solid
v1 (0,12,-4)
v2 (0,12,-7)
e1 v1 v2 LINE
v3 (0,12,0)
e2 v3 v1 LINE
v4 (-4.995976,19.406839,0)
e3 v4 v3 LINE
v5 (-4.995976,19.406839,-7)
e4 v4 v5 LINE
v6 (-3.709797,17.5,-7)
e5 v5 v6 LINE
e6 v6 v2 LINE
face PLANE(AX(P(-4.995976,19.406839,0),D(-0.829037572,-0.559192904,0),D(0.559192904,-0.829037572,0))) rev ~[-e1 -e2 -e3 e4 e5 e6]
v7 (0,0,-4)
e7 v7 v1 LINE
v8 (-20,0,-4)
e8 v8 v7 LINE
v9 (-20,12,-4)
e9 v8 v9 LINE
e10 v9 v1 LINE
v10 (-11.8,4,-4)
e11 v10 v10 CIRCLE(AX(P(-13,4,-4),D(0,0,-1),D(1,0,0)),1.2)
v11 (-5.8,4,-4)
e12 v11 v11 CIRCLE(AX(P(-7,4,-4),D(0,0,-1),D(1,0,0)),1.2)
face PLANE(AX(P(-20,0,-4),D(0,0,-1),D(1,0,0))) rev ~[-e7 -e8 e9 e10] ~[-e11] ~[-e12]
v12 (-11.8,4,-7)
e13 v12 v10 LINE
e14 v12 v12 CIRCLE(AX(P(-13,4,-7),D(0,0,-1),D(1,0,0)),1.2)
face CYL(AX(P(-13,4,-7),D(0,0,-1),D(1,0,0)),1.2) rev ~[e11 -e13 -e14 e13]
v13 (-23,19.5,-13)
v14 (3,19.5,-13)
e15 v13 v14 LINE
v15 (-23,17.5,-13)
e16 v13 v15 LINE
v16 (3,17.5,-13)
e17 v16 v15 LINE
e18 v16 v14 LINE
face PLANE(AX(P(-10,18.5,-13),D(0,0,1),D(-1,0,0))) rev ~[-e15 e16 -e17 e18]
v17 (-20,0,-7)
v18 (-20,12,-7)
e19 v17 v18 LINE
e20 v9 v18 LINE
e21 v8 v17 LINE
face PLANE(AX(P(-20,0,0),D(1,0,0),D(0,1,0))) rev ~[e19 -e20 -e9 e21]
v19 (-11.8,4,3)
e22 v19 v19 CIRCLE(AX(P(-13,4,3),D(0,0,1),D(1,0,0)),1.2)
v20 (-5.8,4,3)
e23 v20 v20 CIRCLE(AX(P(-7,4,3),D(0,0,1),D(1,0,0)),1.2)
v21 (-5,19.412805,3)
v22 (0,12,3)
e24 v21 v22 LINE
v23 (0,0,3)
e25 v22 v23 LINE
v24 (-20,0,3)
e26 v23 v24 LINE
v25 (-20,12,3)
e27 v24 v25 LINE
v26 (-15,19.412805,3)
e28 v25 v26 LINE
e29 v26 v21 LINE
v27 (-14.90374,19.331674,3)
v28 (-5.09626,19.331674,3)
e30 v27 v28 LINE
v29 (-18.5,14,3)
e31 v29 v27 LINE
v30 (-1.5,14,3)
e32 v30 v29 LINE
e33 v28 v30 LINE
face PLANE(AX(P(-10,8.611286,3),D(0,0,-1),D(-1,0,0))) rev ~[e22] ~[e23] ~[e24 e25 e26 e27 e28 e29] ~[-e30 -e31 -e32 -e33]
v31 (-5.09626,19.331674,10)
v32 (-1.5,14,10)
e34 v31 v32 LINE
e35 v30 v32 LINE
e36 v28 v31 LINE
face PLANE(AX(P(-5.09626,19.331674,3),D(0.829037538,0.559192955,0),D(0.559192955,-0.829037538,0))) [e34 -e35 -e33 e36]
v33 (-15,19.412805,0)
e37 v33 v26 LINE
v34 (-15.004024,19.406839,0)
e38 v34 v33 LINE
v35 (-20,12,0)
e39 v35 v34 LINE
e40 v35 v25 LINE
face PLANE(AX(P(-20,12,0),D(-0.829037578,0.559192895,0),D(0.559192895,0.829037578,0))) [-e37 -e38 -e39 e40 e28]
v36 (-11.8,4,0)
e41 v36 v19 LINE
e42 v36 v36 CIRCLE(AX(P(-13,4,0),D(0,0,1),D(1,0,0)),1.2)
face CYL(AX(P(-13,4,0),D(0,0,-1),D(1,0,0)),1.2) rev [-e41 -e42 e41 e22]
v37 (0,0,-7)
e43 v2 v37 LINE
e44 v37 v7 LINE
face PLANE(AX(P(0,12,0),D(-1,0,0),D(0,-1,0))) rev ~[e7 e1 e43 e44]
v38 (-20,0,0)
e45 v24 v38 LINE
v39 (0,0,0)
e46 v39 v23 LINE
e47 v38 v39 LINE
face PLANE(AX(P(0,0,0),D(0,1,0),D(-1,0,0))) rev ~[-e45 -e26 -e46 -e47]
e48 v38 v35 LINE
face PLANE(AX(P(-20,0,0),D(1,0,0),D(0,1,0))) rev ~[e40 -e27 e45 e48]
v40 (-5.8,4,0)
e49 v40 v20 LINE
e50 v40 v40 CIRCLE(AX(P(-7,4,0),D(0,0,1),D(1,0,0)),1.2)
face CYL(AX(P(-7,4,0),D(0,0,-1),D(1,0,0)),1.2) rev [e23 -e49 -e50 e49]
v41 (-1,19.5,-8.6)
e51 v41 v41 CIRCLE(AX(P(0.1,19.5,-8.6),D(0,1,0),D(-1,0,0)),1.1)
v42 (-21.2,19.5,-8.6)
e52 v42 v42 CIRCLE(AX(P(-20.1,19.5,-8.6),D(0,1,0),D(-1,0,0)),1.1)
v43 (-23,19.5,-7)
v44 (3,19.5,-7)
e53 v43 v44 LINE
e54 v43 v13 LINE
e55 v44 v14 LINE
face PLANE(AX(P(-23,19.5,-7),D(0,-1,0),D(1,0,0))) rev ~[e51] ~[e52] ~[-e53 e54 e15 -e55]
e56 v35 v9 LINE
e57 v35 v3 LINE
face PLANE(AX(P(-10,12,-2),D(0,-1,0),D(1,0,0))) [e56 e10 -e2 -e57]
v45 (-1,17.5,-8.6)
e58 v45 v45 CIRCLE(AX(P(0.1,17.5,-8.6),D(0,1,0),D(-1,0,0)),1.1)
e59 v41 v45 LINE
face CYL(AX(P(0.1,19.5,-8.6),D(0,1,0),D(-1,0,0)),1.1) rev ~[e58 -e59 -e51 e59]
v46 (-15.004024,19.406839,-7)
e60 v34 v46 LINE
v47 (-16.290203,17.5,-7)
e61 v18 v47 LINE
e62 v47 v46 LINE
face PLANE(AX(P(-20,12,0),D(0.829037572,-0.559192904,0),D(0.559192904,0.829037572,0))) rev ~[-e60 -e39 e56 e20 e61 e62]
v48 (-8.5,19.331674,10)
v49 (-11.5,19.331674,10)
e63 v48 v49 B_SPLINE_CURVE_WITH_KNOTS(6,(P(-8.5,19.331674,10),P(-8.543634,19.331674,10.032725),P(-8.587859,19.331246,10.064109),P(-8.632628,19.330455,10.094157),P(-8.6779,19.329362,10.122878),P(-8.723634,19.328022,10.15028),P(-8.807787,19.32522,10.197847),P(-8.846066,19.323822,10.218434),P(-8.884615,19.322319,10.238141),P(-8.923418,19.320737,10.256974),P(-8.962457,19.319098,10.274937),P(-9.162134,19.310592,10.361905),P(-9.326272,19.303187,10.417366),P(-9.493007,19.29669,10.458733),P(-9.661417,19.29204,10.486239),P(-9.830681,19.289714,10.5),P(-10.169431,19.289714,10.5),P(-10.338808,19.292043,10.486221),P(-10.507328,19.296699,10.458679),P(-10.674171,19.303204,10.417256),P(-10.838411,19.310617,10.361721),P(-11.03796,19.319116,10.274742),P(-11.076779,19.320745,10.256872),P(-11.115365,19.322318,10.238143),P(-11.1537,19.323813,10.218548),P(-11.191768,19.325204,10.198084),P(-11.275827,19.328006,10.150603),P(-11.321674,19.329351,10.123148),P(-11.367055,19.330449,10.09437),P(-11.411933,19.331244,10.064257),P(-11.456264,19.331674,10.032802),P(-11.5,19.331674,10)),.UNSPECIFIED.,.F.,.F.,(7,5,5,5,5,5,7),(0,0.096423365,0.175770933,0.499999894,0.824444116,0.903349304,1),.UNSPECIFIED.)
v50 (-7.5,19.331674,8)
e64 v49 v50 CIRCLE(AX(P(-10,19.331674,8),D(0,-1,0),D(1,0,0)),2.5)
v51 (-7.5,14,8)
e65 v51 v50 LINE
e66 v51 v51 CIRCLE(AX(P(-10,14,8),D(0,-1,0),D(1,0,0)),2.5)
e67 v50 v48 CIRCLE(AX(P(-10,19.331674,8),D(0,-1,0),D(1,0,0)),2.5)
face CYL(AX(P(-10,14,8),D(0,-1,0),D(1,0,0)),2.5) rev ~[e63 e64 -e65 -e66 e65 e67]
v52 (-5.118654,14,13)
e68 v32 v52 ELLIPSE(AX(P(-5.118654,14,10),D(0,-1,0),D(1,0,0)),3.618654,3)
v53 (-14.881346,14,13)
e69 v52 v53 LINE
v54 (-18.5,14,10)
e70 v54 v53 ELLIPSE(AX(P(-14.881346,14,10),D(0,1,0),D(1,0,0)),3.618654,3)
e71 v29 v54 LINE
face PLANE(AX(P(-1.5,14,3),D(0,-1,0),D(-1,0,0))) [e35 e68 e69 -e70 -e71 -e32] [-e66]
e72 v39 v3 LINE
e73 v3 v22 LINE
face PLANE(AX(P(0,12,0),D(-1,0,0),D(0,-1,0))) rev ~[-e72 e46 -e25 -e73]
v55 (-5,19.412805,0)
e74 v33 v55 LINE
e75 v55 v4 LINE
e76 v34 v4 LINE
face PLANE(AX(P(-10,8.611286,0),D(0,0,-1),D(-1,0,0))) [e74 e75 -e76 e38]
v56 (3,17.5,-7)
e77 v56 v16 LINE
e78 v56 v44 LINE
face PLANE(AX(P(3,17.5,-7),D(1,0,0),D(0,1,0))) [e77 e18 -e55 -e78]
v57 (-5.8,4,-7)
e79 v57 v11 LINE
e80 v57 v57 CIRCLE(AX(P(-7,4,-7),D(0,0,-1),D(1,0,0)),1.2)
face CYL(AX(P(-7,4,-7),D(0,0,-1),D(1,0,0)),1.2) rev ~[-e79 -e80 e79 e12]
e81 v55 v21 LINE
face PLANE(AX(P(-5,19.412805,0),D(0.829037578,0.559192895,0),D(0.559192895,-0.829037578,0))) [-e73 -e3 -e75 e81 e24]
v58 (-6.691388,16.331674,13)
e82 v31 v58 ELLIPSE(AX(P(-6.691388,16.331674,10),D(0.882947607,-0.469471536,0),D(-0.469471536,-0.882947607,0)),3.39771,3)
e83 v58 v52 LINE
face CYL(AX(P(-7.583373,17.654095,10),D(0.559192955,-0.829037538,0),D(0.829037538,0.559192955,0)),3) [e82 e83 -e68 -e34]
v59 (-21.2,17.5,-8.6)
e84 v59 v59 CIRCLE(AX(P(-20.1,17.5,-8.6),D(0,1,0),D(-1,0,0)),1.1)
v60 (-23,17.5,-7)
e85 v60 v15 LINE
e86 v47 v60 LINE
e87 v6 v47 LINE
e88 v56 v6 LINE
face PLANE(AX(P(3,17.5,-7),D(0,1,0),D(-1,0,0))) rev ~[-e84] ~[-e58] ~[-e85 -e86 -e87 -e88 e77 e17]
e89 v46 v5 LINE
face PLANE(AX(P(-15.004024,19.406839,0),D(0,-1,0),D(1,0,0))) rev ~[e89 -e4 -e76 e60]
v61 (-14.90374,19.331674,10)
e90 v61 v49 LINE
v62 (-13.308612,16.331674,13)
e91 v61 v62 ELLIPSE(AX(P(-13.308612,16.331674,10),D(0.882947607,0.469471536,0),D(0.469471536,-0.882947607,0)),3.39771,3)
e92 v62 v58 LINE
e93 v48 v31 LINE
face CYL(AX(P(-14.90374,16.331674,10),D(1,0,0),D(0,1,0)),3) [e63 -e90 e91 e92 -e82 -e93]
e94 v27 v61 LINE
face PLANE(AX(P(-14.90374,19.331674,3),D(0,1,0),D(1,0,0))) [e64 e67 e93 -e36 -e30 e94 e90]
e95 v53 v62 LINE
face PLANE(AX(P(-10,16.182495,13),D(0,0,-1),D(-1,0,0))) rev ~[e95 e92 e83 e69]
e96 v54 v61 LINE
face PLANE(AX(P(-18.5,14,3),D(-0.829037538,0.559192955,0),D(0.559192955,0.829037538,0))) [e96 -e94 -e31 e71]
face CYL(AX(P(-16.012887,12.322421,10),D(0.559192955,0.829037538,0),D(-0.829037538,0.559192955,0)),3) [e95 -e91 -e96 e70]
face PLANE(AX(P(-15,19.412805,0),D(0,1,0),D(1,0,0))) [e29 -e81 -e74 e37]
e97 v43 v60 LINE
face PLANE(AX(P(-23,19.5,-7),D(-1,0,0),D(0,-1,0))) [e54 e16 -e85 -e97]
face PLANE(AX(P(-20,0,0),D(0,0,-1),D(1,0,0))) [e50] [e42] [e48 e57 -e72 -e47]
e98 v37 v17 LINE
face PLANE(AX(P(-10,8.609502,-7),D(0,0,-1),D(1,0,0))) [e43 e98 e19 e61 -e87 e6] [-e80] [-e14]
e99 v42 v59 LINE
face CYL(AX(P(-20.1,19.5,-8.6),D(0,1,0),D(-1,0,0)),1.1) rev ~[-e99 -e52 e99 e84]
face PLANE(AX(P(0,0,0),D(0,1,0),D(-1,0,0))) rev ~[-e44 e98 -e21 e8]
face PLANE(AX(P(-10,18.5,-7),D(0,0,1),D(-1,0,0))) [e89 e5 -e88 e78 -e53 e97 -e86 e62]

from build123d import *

# Parameters (mm, degrees)
SKETCH_R        = 1.2
PAD_DEPTH       = 3
PAD001_DEPTH    = 10
FILLET_R        = 3
SKETCH002_R     = 2.5
POCKET_DEPTH    = 6
PAD002_DEPTH    = 7
SKETCH004_W     = 20
SKETCH004_H     = 4
POCKET001_DEPTH = 12
SKETCH006_R     = 1.2
POCKET002_DEPTH = 5
PAD003_DEPTH    = 6
SKETCH008_R     = 1.1
POCKET003_DEPTH = 5


with BuildPart() as part:
    # Sketch → Pad (new body)
    with BuildSketch(Plane.XY):
        Polygon((0, 12), (0, 0), (-20, 0), (-20, 12), (-15, 19.412805), (-5, 19.412805), align=None)
        with Locations((-13, 4)):
            Circle(SKETCH_R, mode=Mode.SUBTRACT)
        with Locations((-7, 4)):
            Circle(SKETCH_R, mode=Mode.SUBTRACT)
    extrude(amount=PAD_DEPTH)

    # Sketch001 (on Face10 of Pad) → Pad001 (join)
    with BuildSketch(Plane.XY.offset(3)):
        Polygon((-14.90374, 19.331674), (-5.09626, 19.331674), (-1.5, 14), (-18.5, 14), align=None)
    extrude(amount=PAD001_DEPTH)

    # Fillet
    fillet_edges = [part.edges().sort_by_distance(p)[0] for p in [
        (-3.29813, 16.665837, 13),
        (-10, 19.331674, 13),
        (-16.70187, 16.665837, 13),
    ]]
    fillet(fillet_edges, radius=FILLET_R)

    # Sketch002 (on Face12 of Pad001) → Pocket (cut)
    with BuildSketch(Plane.XZ.offset(-14)):
        with Locations((-10, 8)):
            Circle(SKETCH002_R)
    extrude(amount=-POCKET_DEPTH, mode=Mode.SUBTRACT)

    # Sketch003 (on Face19 of Pocket) → Pad002 (join)
    with BuildSketch(Plane(origin=(0, 0, 0), x_dir=(1, 0, 0), z_dir=(0, 0, -1))):
        Polygon((0, 0), (-20, 0), (-20, -12), (-15.004024, -19.406839), (-4.995976, -19.406839), (0, -12), align=None)
    extrude(amount=PAD002_DEPTH)

    # Sketch004 (on Face22 of Pad002) → Pocket001 (cut)
    with BuildSketch(Plane.XZ):
        with Locations((-10, -2)):
            Rectangle(SKETCH004_W, SKETCH004_H)
    extrude(amount=-POCKET001_DEPTH, mode=Mode.SUBTRACT)

    # Sketch006 (on Face26 of Pocket001) → Pocket002 (cut)
    with BuildSketch(Plane(origin=(0, 0, -7), x_dir=(1, 0, 0), z_dir=(0, 0, -1))):
        with Locations((-13, -4)):
            Circle(SKETCH006_R)
        with Locations((-7, -4)):
            Circle(SKETCH006_R)
    extrude(amount=-POCKET002_DEPTH, mode=Mode.SUBTRACT)

    # Sketch007 (on Face26 of Pocket002) → Pad003 (join)
    with BuildSketch(Plane(origin=(0, 0, -7), x_dir=(1, 0, 0), z_dir=(0, 0, -1))):
        Polygon((-10, -19.5), (-23, -19.5), (-23, -17.5), (-10, -17.5), (3, -17.5), (3, -19.5), align=None)
    extrude(amount=PAD003_DEPTH)

    # Sketch008 (on Face38 of Pad003) → Pocket003 (cut)
    with BuildSketch(Plane(origin=(0, 19.5, 0), x_dir=(-1, 0, 0), z_dir=(0, 1, 0))):
        with Locations((20.1, -8.6)):
            Circle(SKETCH008_R)
        with Locations((-0.1, -8.6)):
            Circle(SKETCH008_R)
    extrude(amount=-POCKET003_DEPTH, mode=Mode.SUBTRACT)


solid = part.part
